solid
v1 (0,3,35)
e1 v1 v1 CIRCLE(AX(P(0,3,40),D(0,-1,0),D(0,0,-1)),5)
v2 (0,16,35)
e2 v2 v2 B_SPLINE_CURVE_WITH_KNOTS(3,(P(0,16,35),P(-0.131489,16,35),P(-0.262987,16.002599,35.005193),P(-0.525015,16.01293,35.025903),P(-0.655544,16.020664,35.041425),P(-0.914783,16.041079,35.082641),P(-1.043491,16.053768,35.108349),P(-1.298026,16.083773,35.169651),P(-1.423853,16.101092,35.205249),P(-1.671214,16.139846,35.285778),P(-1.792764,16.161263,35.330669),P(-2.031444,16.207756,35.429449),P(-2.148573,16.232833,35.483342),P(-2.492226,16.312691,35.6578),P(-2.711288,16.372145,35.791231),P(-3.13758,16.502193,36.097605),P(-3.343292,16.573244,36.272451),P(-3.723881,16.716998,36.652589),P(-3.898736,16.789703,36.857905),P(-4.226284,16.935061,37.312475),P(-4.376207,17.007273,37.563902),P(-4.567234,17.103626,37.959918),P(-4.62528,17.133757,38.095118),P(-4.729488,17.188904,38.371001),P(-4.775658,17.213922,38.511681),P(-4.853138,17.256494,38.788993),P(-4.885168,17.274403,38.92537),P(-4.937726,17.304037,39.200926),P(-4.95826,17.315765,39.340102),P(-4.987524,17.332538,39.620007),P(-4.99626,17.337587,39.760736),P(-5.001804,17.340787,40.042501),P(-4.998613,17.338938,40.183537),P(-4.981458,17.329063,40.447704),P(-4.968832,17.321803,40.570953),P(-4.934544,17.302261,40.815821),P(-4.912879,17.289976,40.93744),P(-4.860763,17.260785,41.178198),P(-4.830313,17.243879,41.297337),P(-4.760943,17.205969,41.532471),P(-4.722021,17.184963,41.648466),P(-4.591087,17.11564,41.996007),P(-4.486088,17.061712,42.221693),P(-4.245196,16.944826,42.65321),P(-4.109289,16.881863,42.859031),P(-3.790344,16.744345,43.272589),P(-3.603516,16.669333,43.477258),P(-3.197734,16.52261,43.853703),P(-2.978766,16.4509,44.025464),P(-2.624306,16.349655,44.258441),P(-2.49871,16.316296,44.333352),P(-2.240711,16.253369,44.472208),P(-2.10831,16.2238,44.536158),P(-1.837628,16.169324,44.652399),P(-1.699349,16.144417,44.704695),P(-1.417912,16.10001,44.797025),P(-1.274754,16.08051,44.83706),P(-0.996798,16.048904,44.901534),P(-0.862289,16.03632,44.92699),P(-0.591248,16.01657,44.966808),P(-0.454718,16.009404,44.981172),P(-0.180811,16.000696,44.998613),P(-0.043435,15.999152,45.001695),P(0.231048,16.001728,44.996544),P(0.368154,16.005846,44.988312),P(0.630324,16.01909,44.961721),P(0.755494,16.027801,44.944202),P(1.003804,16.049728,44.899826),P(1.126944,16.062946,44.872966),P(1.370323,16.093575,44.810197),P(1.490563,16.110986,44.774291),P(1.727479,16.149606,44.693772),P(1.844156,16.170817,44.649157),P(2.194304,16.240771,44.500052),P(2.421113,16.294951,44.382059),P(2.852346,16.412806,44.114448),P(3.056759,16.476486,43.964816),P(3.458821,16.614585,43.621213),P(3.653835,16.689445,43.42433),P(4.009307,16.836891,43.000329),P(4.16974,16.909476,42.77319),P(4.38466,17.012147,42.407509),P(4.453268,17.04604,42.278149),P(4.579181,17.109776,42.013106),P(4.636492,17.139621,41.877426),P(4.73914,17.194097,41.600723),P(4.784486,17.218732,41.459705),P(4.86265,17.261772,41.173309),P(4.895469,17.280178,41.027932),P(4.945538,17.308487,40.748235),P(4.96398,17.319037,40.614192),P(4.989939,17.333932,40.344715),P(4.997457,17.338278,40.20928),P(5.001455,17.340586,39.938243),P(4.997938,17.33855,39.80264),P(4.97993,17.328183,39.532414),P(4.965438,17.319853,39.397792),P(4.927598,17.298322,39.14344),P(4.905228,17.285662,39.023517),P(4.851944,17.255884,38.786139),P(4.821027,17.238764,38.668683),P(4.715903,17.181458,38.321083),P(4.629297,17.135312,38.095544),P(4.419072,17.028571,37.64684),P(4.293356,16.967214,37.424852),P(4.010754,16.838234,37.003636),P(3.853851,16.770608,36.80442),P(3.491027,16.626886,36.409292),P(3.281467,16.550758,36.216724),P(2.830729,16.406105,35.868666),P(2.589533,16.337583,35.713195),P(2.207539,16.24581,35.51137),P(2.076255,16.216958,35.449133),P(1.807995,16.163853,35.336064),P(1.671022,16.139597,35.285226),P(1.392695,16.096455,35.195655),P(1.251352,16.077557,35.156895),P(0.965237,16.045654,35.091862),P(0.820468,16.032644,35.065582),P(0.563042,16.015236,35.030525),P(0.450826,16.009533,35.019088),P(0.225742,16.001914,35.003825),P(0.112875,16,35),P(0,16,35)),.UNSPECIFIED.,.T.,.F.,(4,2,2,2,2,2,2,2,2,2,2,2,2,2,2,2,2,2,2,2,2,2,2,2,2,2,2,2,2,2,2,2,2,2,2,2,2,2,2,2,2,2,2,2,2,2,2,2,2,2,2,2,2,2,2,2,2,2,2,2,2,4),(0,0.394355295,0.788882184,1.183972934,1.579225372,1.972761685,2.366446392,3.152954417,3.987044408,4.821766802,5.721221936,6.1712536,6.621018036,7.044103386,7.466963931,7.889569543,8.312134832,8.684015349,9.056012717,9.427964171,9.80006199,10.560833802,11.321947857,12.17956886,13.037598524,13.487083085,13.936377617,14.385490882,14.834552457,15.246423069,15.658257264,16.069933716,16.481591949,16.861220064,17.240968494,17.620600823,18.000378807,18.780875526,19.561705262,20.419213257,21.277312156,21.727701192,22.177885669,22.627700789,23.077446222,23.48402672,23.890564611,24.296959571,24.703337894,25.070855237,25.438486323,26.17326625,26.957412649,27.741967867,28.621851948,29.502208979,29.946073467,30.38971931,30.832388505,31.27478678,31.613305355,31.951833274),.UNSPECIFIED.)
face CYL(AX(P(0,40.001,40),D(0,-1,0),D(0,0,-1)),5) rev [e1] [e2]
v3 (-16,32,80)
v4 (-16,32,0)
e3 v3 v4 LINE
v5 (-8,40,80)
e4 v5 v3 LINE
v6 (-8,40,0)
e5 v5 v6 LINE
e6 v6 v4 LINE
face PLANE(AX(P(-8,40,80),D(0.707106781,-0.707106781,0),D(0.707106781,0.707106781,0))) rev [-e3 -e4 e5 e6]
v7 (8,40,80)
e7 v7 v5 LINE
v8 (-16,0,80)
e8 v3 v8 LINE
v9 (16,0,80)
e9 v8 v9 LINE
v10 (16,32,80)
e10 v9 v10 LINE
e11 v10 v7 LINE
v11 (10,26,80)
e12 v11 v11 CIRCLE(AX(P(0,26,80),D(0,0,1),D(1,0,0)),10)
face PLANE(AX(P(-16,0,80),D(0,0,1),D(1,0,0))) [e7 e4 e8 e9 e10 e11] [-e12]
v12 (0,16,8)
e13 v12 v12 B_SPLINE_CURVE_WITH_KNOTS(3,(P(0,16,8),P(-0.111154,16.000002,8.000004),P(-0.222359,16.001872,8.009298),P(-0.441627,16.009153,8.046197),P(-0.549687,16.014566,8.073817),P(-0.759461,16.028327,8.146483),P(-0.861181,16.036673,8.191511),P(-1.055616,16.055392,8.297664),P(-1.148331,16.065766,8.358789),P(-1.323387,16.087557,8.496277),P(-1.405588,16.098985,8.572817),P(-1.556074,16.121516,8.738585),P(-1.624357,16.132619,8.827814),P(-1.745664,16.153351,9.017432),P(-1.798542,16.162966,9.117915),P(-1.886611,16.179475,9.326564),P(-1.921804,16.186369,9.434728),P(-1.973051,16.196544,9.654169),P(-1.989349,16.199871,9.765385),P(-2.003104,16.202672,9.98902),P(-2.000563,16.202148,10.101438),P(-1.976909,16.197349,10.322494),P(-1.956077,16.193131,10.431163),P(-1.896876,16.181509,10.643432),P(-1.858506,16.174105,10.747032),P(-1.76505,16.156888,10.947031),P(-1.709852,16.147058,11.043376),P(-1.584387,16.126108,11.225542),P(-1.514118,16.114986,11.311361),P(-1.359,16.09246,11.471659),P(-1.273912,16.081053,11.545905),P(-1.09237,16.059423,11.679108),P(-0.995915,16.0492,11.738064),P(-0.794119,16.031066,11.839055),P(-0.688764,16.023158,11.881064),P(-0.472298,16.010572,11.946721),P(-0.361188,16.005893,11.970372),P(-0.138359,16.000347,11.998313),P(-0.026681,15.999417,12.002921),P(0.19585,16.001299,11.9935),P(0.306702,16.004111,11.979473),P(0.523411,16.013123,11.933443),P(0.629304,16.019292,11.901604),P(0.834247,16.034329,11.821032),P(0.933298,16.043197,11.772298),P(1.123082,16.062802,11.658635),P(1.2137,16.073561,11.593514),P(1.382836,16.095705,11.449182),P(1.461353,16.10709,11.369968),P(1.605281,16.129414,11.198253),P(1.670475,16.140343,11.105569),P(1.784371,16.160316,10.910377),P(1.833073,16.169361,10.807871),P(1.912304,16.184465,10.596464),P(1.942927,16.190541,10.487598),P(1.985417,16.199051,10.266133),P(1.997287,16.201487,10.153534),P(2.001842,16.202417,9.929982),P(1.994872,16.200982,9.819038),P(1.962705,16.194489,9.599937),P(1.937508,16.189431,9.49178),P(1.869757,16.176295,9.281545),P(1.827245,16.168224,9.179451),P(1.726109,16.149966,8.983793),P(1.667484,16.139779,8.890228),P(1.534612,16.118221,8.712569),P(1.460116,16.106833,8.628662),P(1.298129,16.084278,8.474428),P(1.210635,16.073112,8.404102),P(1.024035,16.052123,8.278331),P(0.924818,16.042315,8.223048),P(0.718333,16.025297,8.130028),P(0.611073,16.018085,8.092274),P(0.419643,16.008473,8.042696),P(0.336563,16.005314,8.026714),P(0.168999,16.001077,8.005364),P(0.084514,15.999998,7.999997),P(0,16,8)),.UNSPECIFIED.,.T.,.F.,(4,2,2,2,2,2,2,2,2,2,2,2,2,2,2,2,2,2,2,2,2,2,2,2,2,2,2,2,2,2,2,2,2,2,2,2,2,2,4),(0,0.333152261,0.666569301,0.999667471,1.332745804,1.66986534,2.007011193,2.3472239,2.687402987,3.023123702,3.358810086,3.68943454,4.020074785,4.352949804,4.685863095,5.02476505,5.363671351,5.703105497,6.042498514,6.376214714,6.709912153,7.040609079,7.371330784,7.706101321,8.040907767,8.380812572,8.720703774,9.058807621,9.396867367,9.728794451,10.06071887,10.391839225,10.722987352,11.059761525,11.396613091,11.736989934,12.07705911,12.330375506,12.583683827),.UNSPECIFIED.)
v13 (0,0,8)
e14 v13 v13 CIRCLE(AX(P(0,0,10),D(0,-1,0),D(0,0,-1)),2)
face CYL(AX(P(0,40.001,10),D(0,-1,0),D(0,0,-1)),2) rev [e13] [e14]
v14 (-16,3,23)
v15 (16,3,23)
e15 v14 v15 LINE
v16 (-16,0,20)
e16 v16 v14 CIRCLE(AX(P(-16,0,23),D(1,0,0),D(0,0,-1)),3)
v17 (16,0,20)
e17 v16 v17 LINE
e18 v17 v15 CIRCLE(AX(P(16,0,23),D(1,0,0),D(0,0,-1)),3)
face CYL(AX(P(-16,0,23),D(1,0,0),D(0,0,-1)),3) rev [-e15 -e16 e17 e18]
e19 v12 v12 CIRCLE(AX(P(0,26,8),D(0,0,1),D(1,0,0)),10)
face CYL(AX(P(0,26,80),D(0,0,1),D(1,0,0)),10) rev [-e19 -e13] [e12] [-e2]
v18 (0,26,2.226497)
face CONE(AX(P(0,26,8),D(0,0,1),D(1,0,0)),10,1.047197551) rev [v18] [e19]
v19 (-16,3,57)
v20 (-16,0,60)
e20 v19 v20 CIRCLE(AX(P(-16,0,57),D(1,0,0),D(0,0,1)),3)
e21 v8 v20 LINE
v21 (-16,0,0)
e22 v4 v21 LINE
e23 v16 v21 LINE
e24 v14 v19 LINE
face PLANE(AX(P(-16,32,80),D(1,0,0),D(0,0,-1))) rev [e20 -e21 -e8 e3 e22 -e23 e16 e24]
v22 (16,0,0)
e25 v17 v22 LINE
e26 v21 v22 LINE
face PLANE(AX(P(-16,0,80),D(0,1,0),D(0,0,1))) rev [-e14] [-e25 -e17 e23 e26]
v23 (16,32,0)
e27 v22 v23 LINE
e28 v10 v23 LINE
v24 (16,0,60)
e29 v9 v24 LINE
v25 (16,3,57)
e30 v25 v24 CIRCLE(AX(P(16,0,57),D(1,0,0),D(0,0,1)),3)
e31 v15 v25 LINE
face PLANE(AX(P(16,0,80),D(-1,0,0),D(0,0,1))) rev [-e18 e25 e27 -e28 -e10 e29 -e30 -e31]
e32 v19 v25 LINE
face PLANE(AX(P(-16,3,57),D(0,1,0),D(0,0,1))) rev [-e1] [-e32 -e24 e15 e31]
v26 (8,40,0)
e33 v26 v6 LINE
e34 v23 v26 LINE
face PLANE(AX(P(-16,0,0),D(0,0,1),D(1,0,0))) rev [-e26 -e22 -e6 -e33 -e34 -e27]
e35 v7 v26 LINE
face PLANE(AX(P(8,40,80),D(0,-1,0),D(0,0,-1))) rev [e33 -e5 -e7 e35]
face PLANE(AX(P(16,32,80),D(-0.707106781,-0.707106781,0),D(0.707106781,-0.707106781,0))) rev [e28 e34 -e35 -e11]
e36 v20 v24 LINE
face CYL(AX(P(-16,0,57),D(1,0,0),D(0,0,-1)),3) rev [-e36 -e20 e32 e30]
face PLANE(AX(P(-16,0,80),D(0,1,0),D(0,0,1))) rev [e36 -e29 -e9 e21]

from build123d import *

# Parameters (mm, degrees)
BOSS_EXTRU_1_DEPTH           = 80
ENL_V_MAT_EXTRU_1_DEPTH      = 95.994736696
D_GAGEMENT_M11_D             = 20
D_GAGEMENT_M11_DEPTH         = 72
D_GAGEMENT_M11_TIP           = 5.773502692
ENL_V_MAT_EXTRU_2_REACH      = 91.582
ENL_V_MAT_EXTRU_2_END_RADIUS = 10
ESQUISSE3_R                  = 5
ENL_V_MAT_EXTRU_3_REACH      = 92.863
ENL_V_MAT_EXTRU_3_END_RADIUS = 10
ESQUISSE7_R                  = 2


with BuildPart() as part:
    # Esquisse1 → Boss.-Extru.1 (new body)
    with BuildSketch(Plane.XY):
        Polygon((-16, 0), (16, 0), (16, 32), (8, 40), (-8, 40), (-16, 32), align=None)
    extrude(amount=BOSS_EXTRU_1_DEPTH)

    # Esquisse2 → Enlèv. mat.-Extru.1 (cut, through all)
    with BuildSketch(Plane(origin=(16, 0, 0), x_dir=(0, 0, -1), z_dir=(1, 0, 0))):
        with BuildLine():
            Line((-60, -3), (-60, 0))
            ThreePointArc((-60, 0), (-59.121320344, 2.121320344), (-57, 3))
            Line((-57, 3), (-23, 3))
            ThreePointArc((-23, 3), (-20.878679656, 2.121320344), (-20, 0))
            Line((-20, 0), (-20, -3))
            Line((-20, -3), (-60, -3))
        make_face()
    extrude(amount=-ENL_V_MAT_EXTRU_1_DEPTH, mode=Mode.SUBTRACT)

    # Dégagement M11
    with Locations(Plane.XY.offset(80)):
        with Locations((0, 26)):
            Hole(D_GAGEMENT_M11_D / 2, depth=D_GAGEMENT_M11_DEPTH)
            with Locations((0, 0, -(D_GAGEMENT_M11_DEPTH + D_GAGEMENT_M11_TIP / 2))):  # 120° drill point
                Cone(0, D_GAGEMENT_M11_D / 2, D_GAGEMENT_M11_TIP, mode=Mode.SUBTRACT)

    # Enlèv. mat.-Extru.2: up to this cylinder (the profile starts outside it)
    enl_v_mat_extru_2_end = Plane(origin=(0, 26, 40), z_dir=(0, 0, 1)) * Cylinder(ENL_V_MAT_EXTRU_2_END_RADIUS, 204.164, mode=Mode.PRIVATE)
    # Esquisse3 → Enlèv. mat.-Extru.2 (cut, up to the surface)
    with BuildSketch(Plane.XZ.offset(-3), mode=Mode.PRIVATE) as enl_v_mat_extru_2_sk1:
        with Locations(Location((0, 40, 0), (0, 0, 270))):
            Circle(ESQUISSE3_R)
    enl_v_mat_extru_2_tool1 = extrude(enl_v_mat_extru_2_sk1.sketch, amount=-ENL_V_MAT_EXTRU_2_REACH, mode=Mode.PRIVATE) - enl_v_mat_extru_2_end
    add(enl_v_mat_extru_2_tool1.solids().sort_by_distance((0, 3, 40))[0], mode=Mode.SUBTRACT)

    # Enlèv. mat.-Extru.3: up to this cylinder (the profile starts outside it)
    enl_v_mat_extru_3_end = Plane(origin=(0, 26, 10), z_dir=(0, 0, 1)) * Cylinder(ENL_V_MAT_EXTRU_3_END_RADIUS, 206.726, mode=Mode.PRIVATE)
    # Esquisse7 → Enlèv. mat.-Extru.3 (cut, up to the surface)
    with BuildSketch(Plane.XZ, mode=Mode.PRIVATE) as enl_v_mat_extru_3_sk1:
        with Locations(Location((0, 10, 0), (0, 0, 270))):
            Circle(ESQUISSE7_R)
    enl_v_mat_extru_3_tool1 = extrude(enl_v_mat_extru_3_sk1.sketch, amount=-ENL_V_MAT_EXTRU_3_REACH, mode=Mode.PRIVATE) - enl_v_mat_extru_3_end
    add(enl_v_mat_extru_3_tool1.solids().sort_by_distance((0, 0, 10))[0], mode=Mode.SUBTRACT)


solid = part.part
